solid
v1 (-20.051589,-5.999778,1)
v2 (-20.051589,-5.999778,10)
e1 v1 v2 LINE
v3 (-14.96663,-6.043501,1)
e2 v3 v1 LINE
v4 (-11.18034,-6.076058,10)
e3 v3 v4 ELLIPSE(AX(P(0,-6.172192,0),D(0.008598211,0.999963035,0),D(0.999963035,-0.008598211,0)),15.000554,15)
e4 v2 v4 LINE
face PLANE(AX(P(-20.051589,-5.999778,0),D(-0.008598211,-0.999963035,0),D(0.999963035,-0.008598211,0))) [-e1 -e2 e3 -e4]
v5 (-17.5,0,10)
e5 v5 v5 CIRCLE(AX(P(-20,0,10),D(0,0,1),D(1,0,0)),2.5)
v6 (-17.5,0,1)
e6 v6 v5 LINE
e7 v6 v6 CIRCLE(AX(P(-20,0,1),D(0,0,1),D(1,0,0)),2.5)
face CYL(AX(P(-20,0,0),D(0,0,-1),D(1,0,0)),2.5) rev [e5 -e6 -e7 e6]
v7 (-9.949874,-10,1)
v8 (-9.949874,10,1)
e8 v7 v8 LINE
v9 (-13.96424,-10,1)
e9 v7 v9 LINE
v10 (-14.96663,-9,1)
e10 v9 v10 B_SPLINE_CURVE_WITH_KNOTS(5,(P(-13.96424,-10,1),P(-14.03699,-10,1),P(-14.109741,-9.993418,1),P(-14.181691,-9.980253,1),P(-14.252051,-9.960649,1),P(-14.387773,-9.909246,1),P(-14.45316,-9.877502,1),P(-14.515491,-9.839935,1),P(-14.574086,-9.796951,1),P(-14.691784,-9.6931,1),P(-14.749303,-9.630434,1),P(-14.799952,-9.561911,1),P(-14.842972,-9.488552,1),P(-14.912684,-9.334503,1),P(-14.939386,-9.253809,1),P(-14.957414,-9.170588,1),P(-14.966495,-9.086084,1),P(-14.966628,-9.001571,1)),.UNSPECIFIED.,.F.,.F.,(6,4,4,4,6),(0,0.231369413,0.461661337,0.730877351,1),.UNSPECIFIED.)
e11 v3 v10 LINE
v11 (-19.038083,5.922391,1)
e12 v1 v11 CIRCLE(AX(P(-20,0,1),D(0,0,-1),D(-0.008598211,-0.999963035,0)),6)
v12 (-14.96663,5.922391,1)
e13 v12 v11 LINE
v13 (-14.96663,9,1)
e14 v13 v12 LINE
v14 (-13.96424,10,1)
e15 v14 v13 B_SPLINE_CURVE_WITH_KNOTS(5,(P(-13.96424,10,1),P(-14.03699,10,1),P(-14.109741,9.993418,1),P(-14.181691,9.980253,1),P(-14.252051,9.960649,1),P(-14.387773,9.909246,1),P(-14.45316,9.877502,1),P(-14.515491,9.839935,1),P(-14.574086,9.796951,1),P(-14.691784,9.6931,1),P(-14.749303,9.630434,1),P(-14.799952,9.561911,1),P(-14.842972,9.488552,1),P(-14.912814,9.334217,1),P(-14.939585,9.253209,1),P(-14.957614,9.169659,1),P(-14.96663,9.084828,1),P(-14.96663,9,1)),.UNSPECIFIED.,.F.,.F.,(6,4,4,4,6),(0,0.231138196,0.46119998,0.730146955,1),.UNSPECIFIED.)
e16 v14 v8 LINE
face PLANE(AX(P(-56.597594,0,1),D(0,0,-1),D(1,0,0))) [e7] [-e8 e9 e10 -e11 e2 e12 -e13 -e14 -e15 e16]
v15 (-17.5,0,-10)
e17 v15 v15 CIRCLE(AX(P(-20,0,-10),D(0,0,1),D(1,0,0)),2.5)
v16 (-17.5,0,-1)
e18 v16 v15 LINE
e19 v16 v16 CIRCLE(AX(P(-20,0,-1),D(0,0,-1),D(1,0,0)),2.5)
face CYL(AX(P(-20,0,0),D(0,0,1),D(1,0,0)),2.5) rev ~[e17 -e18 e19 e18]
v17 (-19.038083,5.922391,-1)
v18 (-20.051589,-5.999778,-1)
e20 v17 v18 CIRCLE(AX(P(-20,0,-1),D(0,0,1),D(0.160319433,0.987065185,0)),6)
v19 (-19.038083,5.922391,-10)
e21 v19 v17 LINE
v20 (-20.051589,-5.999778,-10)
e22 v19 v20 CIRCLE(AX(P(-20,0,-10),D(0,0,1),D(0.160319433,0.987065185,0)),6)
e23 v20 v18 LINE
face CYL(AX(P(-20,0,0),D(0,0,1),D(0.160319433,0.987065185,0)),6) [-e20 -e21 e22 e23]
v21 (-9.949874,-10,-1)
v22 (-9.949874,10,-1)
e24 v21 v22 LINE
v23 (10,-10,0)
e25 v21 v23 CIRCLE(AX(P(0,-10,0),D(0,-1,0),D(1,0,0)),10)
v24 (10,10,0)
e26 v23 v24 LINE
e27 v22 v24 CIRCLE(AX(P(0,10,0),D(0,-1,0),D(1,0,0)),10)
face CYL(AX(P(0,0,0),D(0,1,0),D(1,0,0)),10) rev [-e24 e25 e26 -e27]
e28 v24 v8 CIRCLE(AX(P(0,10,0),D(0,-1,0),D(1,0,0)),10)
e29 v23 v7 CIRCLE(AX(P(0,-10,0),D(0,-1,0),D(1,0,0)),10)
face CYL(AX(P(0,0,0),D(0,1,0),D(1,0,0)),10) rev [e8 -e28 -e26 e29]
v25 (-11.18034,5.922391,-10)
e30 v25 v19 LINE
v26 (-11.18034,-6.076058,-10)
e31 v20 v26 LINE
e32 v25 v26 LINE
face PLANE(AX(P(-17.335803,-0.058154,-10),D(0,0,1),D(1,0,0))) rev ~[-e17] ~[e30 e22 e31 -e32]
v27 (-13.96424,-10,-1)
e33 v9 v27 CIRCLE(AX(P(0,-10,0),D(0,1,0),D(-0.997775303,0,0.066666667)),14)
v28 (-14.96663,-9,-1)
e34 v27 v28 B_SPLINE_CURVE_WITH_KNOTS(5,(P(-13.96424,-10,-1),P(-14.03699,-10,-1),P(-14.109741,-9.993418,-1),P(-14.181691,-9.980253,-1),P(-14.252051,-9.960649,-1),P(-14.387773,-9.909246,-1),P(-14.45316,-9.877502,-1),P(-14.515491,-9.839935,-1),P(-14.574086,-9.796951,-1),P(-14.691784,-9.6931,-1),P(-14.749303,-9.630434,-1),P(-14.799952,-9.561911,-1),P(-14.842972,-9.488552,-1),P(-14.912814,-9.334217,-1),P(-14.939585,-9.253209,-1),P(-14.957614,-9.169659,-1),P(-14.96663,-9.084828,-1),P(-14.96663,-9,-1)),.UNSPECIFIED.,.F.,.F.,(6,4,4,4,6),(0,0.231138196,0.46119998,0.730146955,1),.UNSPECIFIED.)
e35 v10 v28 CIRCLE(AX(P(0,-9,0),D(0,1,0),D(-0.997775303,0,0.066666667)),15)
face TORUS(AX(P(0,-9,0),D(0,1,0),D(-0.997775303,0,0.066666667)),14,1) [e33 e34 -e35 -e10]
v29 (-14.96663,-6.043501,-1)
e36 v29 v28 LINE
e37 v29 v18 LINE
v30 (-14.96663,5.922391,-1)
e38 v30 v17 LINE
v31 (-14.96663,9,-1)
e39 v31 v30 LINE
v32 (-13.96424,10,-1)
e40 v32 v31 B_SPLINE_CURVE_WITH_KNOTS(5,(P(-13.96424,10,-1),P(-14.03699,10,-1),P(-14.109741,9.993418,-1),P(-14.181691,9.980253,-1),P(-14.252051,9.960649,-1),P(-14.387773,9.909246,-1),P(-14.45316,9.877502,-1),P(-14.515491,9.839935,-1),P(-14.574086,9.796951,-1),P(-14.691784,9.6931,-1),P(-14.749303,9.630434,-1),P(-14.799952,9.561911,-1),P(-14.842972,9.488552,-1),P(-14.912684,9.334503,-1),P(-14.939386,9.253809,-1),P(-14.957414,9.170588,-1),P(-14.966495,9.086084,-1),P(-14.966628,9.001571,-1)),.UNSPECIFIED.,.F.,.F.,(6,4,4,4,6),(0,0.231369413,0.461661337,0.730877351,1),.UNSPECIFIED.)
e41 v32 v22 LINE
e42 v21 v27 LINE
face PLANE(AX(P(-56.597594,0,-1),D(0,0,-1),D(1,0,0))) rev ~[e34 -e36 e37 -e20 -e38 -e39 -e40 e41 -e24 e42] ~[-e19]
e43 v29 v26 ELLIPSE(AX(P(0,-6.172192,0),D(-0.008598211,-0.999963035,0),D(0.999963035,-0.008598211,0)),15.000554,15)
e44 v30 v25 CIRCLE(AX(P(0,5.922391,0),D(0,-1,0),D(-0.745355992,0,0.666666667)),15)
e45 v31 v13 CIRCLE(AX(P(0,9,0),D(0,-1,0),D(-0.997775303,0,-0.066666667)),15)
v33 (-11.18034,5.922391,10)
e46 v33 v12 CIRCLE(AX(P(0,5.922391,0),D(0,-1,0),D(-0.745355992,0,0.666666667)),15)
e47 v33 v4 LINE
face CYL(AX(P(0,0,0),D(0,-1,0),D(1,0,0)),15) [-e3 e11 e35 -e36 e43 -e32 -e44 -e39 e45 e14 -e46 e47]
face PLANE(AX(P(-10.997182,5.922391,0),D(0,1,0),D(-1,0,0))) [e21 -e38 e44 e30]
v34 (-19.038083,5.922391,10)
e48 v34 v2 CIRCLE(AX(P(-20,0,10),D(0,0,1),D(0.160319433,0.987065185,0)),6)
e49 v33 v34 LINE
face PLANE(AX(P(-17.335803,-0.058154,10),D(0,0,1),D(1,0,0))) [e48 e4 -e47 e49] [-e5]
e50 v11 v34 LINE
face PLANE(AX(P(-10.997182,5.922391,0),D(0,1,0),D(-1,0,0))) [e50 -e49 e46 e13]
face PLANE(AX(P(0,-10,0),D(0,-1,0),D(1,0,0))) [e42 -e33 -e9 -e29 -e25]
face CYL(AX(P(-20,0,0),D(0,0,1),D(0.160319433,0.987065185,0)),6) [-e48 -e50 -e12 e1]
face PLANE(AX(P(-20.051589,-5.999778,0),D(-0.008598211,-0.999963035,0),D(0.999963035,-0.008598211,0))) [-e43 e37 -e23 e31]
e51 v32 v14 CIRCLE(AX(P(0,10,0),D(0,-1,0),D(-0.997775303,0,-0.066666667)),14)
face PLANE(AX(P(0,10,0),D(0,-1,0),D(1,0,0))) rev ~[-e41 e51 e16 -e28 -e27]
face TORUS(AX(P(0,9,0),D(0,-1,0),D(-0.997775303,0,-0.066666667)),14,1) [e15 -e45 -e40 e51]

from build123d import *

# Parameters (mm, degrees)
F0_R          = 15
F0_R_2        = 10
F1_DEPTH      = 10
F1_DEPTH_BACK = 10
F2_R          = 2.5
F3_DEPTH      = 10
F3_DEPTH_BACK = 10
F4_W          = 50
F4_H          = 2
F5_DEPTH      = 25
F5_DEPTH_BACK = 25
F6_R          = 1


with BuildPart() as f1:
    # F0 (on Front) → F1 (new body, two sides)
    with BuildSketch(Plane.XZ) as f1_sk:
        Circle(F0_R)
        Circle(F0_R_2, mode=Mode.SUBTRACT)
    extrude(amount=F1_DEPTH)
    extrude(f1_sk.sketch, amount=-F1_DEPTH_BACK)

    # F2 (on Top) → F3 (join, two sides)
    with BuildSketch(Plane.XY) as f3_sk:
        with BuildLine():
            Line((-10.9971821198, 5.9223911099), (-19.0380834019, 5.9223911099))
            ThreePointArc((-19.0380834019, 5.9223911099), (-25.9784366079, 0.5082280244), (-20.0515892658, -5.9997782082))
            Line((-20.0515892658, -5.9997782082), (-11, -6.0776085593))
            Line((-11, -6.0776085593), (-10.9971821198, 5.9223911099))
        make_face()
        with Locations((-20, 0)):
            Circle(F2_R, mode=Mode.SUBTRACT)
    extrude(amount=F3_DEPTH)
    extrude(f3_sk.sketch, amount=-F3_DEPTH_BACK)

    # F4 (on Front) → F5 (cut, two sides)
    with BuildSketch(Plane.XZ) as f5_sk:
        with Locations((-31.5975938924, 0)):
            Rectangle(F4_W, F4_H)
    extrude(amount=-F5_DEPTH, mode=Mode.SUBTRACT)
    extrude(f5_sk.sketch, amount=F5_DEPTH_BACK, mode=Mode.SUBTRACT)

    # F6
    f6_edges = [f1.edges().sort_by_distance(p)[0] for p in [
        (15, -10, 0),
        (15, 10, 0),
    ]]
    fillet(f6_edges, radius=F6_R)


solid = f1.part
